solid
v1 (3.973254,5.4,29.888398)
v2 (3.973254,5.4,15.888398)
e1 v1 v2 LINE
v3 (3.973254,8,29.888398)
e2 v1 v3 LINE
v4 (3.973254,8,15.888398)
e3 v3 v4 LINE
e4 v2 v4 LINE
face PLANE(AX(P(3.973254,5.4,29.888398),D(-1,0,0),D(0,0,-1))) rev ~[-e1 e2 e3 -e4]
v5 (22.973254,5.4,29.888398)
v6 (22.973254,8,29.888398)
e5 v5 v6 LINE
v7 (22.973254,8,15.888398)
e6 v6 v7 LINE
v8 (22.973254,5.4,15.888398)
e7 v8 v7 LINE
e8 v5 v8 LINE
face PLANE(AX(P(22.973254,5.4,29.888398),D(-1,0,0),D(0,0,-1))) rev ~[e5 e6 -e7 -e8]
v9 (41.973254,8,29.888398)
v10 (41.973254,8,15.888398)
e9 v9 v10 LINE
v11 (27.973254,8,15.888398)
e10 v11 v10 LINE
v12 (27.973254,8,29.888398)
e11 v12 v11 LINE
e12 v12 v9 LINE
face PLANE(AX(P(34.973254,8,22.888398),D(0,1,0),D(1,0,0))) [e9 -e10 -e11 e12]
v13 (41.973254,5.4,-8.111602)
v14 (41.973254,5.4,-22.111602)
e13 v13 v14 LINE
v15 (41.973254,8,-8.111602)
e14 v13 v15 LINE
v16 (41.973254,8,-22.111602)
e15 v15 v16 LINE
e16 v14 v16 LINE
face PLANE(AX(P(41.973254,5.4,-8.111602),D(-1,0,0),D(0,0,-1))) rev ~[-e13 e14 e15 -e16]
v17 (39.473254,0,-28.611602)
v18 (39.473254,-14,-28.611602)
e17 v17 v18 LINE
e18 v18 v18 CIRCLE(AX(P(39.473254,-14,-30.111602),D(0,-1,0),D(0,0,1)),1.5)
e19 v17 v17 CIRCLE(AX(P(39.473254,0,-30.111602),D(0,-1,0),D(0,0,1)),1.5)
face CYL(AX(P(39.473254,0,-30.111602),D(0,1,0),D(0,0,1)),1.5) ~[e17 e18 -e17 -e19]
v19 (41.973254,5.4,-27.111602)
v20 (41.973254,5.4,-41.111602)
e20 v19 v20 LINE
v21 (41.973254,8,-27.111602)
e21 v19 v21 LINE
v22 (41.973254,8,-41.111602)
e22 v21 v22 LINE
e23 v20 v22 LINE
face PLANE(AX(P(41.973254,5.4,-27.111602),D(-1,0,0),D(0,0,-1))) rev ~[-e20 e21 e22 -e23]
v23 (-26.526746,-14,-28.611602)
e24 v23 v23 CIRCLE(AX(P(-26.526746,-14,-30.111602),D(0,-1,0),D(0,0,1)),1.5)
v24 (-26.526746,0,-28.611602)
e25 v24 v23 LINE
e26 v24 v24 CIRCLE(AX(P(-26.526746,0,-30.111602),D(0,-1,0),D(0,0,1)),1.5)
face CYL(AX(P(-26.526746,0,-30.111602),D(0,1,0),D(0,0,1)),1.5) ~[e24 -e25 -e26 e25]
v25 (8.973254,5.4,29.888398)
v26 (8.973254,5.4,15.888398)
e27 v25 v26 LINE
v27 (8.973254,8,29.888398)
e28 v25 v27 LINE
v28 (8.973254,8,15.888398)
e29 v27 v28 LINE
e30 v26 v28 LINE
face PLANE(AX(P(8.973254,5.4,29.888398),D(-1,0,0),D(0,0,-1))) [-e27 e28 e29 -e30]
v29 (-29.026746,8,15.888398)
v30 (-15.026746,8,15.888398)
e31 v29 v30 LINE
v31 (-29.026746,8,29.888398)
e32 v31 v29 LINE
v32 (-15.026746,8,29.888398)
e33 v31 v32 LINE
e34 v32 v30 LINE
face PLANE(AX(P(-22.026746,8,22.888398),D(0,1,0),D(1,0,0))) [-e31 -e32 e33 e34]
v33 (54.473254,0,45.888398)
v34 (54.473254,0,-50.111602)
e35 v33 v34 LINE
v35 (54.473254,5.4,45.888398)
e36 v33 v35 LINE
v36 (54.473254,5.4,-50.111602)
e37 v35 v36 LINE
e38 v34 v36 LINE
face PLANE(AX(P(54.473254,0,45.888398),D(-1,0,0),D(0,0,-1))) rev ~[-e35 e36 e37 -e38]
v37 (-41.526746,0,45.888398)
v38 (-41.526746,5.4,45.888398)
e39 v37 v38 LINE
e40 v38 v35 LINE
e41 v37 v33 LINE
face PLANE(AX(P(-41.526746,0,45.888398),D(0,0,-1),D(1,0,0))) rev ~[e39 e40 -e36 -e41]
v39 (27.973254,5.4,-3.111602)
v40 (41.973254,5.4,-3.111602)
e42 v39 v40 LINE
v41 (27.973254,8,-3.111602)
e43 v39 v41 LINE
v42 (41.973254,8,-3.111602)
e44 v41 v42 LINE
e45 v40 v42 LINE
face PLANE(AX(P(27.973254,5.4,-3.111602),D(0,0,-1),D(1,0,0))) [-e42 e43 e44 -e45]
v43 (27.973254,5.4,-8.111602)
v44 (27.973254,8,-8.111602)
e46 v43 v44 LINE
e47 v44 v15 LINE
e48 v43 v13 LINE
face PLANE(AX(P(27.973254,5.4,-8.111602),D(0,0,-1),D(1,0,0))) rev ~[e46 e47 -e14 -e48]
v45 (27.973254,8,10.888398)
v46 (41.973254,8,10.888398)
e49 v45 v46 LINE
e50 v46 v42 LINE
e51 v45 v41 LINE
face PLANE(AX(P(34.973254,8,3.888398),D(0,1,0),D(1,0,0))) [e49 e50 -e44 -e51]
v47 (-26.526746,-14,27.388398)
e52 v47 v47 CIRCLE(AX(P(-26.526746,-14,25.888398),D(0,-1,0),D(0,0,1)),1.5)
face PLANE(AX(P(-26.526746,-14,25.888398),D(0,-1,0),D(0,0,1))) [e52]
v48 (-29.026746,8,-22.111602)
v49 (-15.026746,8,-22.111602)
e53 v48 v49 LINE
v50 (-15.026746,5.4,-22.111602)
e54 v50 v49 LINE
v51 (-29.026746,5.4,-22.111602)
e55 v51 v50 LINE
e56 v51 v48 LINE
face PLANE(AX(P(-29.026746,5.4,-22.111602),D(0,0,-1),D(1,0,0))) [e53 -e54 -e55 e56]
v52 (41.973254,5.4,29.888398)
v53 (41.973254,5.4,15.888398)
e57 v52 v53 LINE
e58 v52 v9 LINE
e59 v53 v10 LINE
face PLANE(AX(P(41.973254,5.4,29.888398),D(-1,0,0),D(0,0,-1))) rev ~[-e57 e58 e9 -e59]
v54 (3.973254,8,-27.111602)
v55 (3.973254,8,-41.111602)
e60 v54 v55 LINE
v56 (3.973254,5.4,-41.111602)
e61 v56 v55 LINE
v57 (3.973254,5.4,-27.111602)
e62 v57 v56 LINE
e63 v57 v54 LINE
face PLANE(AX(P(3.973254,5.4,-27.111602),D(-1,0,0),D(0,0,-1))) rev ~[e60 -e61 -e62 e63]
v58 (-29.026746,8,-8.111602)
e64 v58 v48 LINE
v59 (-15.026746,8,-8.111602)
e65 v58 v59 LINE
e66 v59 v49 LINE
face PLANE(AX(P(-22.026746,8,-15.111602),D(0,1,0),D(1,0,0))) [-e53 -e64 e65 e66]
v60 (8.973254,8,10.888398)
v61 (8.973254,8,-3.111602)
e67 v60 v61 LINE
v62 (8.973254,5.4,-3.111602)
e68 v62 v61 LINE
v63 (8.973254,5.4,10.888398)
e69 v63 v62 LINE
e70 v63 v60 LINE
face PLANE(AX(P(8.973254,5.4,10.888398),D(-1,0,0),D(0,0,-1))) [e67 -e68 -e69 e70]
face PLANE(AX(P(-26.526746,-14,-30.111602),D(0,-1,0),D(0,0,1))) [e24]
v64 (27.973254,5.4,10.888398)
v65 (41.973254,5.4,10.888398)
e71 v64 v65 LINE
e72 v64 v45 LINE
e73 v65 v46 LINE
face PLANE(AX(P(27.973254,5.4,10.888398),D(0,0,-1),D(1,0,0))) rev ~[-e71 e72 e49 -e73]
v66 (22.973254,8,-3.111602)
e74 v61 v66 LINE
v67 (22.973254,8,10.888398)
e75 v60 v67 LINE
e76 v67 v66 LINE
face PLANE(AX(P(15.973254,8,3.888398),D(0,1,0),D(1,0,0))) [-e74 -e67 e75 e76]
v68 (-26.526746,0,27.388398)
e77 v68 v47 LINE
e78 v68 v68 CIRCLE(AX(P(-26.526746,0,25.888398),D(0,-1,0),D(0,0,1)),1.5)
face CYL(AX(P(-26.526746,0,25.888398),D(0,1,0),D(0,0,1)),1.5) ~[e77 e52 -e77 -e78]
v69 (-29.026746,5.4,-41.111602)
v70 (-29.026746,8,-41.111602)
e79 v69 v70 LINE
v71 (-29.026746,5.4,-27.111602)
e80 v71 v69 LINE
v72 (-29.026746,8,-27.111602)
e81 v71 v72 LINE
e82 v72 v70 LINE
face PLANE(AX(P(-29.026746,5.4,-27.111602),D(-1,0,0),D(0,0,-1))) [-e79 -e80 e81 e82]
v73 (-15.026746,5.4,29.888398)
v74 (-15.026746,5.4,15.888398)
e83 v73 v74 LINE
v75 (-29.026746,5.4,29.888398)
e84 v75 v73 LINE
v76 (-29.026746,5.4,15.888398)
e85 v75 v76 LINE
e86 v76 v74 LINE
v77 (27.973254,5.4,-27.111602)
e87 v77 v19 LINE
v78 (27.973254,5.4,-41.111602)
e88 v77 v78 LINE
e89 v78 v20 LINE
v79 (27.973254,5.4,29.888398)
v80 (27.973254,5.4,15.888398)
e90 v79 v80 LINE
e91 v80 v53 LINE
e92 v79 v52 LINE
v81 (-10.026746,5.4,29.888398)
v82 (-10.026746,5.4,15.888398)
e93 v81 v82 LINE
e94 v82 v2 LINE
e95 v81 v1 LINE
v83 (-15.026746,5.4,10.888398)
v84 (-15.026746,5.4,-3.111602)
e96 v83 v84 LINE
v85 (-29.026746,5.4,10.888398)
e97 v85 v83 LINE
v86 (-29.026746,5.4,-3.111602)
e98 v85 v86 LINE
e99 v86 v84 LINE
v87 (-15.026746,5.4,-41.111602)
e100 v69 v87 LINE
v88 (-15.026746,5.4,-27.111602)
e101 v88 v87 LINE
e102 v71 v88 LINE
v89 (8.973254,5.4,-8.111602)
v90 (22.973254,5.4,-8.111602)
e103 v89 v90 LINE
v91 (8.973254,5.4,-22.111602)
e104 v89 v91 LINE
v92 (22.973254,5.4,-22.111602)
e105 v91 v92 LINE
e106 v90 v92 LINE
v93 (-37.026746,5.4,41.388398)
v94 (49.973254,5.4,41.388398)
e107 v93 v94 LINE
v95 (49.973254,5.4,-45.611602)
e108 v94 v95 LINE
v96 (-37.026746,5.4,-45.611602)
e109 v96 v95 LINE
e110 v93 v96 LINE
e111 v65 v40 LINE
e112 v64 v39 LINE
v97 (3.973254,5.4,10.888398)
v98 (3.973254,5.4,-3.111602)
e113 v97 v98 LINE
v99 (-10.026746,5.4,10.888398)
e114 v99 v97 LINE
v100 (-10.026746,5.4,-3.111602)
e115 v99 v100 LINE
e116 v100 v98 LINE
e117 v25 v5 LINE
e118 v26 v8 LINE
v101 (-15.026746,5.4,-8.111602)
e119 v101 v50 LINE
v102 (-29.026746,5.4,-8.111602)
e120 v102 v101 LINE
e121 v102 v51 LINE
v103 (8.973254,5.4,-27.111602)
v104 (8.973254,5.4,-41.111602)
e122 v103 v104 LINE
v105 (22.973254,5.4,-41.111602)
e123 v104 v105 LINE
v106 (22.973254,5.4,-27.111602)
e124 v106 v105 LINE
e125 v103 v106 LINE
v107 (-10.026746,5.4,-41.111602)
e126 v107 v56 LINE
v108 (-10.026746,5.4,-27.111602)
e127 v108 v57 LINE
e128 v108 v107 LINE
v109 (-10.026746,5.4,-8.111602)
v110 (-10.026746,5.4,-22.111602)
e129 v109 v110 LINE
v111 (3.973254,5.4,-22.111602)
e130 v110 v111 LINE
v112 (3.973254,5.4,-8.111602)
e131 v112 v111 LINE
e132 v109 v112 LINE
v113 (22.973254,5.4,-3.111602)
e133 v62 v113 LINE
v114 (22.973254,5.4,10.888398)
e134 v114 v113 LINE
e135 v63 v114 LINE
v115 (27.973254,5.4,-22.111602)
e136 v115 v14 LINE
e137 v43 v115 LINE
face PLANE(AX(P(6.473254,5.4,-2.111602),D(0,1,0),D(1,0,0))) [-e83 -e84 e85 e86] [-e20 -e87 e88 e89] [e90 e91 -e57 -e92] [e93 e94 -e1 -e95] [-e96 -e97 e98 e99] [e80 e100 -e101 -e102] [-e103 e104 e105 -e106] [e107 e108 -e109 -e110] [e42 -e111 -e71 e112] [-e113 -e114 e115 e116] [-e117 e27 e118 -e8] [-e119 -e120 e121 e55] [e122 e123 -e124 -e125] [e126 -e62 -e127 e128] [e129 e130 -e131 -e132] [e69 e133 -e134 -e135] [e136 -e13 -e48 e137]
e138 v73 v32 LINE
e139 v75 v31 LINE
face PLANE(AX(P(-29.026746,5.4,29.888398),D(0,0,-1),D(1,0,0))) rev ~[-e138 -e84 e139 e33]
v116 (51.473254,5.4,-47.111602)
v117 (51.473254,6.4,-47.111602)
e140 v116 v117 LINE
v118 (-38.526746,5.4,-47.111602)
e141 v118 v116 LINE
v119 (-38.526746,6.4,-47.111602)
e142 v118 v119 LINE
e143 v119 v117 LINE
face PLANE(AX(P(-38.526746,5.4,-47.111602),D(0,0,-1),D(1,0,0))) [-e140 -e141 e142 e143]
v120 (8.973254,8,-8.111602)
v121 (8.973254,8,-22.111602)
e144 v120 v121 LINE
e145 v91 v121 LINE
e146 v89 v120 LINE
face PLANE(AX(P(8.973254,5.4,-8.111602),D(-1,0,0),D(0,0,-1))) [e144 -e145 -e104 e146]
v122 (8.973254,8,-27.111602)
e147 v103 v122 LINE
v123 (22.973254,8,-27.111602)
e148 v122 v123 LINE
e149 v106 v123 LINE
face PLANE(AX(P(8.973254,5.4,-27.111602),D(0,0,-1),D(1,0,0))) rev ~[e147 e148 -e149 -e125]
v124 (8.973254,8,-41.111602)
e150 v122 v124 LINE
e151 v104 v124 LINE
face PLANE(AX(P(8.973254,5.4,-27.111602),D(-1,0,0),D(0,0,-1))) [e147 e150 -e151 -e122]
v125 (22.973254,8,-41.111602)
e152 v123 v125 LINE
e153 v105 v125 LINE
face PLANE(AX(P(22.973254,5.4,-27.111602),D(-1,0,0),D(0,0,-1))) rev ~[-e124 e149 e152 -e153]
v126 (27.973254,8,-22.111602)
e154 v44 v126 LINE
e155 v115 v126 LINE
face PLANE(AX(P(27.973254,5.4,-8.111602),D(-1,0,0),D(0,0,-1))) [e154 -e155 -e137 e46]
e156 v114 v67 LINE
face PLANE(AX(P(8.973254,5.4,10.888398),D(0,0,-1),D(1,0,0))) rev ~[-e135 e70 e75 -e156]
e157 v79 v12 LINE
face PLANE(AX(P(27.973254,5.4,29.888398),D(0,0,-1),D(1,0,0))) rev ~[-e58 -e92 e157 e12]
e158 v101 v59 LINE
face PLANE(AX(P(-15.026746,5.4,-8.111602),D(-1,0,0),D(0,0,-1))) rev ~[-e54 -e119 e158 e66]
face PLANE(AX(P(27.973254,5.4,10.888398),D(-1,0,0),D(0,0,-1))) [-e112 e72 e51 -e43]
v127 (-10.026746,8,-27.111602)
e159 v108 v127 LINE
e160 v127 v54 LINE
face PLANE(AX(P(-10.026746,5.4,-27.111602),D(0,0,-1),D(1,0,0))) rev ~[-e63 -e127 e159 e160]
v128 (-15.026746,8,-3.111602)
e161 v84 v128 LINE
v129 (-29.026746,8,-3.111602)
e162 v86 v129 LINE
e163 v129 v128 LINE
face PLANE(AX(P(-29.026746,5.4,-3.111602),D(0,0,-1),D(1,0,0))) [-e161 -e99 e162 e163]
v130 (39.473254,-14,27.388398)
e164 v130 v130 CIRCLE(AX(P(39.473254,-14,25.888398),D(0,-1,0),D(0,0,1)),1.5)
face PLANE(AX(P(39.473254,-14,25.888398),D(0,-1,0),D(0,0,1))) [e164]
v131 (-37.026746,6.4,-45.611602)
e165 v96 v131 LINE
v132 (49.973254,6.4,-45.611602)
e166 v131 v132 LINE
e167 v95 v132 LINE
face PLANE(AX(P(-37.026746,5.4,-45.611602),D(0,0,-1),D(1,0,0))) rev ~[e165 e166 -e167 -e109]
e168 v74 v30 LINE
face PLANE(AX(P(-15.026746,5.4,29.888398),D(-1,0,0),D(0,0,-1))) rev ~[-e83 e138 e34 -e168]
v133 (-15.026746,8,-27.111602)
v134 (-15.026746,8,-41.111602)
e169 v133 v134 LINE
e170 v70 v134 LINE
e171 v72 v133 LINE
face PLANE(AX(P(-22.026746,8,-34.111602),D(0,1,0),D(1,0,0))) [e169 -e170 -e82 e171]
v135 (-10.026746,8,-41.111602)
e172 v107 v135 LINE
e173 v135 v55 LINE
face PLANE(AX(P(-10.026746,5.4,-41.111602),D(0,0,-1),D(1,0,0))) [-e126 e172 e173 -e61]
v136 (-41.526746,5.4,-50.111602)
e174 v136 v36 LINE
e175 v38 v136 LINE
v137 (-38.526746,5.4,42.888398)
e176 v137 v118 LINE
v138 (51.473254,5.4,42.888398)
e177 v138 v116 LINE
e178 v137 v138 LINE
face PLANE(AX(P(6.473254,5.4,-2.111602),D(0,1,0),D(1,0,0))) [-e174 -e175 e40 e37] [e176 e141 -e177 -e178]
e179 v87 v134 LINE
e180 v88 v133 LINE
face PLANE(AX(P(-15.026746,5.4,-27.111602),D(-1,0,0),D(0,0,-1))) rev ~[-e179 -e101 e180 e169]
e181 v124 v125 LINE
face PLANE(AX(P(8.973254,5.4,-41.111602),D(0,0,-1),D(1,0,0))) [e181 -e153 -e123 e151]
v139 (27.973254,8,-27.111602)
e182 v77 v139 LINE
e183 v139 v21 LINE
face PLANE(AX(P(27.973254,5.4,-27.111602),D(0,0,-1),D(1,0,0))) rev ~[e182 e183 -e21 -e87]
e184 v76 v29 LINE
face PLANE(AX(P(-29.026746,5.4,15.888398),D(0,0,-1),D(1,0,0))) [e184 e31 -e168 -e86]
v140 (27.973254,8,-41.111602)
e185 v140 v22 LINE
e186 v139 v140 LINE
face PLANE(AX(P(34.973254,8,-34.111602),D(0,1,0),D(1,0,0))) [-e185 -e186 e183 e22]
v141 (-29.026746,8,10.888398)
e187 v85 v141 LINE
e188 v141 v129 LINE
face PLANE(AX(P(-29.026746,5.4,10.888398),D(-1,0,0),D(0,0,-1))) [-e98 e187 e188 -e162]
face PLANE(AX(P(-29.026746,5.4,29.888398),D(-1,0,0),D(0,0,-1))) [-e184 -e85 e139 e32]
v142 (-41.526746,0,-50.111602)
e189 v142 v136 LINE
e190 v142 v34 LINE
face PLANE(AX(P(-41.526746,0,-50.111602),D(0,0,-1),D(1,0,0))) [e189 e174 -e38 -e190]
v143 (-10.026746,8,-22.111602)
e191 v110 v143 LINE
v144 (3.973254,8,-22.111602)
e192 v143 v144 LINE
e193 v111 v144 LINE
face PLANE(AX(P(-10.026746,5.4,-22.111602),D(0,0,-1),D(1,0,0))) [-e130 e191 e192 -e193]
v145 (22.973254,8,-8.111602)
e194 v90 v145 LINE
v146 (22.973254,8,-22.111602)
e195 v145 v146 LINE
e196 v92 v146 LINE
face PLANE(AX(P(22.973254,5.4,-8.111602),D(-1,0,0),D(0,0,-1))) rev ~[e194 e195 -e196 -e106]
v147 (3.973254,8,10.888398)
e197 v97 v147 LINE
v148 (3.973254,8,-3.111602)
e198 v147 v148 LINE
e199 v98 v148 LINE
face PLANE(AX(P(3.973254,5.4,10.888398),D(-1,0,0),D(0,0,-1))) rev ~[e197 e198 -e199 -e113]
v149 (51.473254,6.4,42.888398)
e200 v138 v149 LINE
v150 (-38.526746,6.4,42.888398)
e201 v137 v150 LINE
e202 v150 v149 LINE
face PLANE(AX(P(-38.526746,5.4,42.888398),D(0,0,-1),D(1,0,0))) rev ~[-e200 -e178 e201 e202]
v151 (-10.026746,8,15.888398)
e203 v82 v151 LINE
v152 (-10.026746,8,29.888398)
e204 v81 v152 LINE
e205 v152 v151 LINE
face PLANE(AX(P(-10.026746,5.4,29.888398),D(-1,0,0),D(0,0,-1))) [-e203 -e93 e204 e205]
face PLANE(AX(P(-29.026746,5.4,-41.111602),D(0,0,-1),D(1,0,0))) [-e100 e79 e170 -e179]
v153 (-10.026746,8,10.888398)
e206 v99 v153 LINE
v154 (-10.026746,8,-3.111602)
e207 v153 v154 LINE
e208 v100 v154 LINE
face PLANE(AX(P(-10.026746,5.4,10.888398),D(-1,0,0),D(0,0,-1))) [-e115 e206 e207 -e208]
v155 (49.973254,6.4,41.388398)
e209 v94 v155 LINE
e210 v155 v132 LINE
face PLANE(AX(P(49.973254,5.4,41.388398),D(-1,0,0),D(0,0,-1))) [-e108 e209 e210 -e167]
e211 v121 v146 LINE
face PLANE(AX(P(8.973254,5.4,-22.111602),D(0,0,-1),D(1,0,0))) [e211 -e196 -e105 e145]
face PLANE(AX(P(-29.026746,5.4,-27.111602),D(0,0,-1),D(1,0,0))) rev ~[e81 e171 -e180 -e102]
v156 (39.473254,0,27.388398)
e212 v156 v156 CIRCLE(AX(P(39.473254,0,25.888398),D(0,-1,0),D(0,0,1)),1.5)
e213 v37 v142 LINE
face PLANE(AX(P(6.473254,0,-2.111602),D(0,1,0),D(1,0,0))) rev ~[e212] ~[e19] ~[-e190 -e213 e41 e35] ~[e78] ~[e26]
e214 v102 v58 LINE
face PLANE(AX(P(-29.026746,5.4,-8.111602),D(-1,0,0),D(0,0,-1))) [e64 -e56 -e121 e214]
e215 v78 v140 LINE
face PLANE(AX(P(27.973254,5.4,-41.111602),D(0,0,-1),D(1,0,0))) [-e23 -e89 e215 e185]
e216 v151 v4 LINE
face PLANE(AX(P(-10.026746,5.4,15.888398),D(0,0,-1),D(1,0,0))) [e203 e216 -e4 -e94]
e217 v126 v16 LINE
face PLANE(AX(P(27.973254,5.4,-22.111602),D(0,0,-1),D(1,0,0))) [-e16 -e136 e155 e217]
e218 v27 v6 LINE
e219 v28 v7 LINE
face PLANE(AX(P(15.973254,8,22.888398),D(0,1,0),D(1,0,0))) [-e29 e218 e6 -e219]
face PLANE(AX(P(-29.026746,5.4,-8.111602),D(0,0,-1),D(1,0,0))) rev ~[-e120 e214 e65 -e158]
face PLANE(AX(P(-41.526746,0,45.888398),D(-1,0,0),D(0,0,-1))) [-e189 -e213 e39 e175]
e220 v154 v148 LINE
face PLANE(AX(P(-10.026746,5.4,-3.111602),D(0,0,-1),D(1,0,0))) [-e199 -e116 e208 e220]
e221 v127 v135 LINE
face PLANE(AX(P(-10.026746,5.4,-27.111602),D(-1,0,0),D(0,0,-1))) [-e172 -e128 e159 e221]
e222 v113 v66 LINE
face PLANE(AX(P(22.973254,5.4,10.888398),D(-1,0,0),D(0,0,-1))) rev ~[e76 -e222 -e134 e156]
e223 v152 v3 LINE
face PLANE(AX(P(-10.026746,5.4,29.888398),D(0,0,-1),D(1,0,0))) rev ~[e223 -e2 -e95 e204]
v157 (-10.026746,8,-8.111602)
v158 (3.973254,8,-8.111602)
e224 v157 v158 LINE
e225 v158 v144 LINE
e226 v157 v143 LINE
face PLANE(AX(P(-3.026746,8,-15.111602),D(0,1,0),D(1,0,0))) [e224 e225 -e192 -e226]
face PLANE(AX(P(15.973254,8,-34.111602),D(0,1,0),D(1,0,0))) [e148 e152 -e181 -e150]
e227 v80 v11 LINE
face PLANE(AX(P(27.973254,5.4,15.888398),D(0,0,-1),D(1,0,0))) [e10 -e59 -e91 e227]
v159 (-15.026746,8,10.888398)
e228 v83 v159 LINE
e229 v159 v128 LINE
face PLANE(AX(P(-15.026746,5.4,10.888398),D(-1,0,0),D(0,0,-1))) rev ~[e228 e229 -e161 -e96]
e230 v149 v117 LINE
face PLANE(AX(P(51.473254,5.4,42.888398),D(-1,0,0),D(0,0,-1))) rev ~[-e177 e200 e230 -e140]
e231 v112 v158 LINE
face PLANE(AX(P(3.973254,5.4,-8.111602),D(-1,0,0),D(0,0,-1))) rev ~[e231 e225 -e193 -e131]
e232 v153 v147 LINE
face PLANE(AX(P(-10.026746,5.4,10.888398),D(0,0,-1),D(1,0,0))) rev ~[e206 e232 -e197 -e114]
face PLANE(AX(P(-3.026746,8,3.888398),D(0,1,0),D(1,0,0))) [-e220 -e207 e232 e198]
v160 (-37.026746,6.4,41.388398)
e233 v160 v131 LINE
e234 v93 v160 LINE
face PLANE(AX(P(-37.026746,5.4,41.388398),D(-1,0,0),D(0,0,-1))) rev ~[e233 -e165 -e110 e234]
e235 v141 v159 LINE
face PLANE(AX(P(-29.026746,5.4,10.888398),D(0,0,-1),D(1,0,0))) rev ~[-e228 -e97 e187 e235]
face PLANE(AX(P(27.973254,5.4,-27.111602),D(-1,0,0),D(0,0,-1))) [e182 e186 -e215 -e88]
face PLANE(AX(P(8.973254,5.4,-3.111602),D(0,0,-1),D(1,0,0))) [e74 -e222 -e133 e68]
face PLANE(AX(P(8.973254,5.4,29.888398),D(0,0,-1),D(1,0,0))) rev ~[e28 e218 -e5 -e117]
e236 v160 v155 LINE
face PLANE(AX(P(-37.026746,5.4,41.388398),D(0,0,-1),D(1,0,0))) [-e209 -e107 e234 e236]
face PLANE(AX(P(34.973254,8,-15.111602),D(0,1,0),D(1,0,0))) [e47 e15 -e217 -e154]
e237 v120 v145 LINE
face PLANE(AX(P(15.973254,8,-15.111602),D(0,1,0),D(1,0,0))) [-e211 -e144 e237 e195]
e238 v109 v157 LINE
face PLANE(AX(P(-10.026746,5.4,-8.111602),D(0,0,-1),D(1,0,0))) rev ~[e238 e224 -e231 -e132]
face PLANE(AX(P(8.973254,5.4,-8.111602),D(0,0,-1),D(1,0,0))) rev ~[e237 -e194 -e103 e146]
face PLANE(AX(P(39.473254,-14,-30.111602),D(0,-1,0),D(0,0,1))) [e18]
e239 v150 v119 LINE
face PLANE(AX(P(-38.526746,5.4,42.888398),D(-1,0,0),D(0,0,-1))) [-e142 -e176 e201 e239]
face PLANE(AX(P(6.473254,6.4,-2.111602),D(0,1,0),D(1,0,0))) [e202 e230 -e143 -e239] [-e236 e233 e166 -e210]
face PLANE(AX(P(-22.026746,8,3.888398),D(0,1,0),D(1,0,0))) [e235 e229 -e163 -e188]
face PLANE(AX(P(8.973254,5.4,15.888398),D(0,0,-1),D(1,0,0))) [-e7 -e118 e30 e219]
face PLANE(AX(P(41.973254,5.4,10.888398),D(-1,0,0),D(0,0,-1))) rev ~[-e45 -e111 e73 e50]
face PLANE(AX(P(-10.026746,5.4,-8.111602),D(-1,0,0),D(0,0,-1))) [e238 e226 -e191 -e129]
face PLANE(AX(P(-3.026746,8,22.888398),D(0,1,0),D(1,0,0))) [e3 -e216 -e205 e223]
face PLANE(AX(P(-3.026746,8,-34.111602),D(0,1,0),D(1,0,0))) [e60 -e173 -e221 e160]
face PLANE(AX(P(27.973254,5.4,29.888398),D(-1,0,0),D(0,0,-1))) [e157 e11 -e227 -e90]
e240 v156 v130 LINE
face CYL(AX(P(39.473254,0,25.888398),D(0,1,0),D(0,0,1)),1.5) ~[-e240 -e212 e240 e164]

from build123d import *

# Parameters (mm, degrees)
SKETCH_1_W        = 96
SKETCH_1_H        = 96
EXTRUDE_1_DEPTH   = 5.4
SKETCH_2_W        = 14
SKETCH_2_H        = 14
EXTRUDE_2_DEPTH   = 2.6
SKETCH_4_W        = 90
SKETCH_4_H        = 90
SKETCH_4_W_2      = 87
SKETCH_4_H_2      = 87
EXTRUDE_1_2_DEPTH = 1
SKETCH_5_R        = 1.5
EXTRUDE_3_DEPTH   = 14


with BuildPart() as part:
    # Эскиз1 → Extrude 1 (new body)
    with BuildSketch(Plane(origin=(0, 0, 0), x_dir=(1, 0, 0), z_dir=(0, 1, 0))):
        with Locations((6.473253846, 2.11160233)):
            Rectangle(SKETCH_1_W, SKETCH_1_H)
    extrude(amount=EXTRUDE_1_DEPTH)

    # Эскиз2 → Бобышка-Вытянуть2 (add)
    with BuildSketch(Plane(origin=(0, 5.4, 0), x_dir=(1, 0, 0), z_dir=(0, 1, 0))):
        with Locations((-3.026746154, 34.11160233)):
            Rectangle(SKETCH_2_W, SKETCH_2_H)
        with Locations((-22.026746154, 34.11160233)):
            Rectangle(SKETCH_2_W, SKETCH_2_H)
        with Locations((15.973253846, 34.11160233)):
            Rectangle(SKETCH_2_W, SKETCH_2_H)
        with Locations((34.973253846, 34.11160233)):
            Rectangle(SKETCH_2_W, SKETCH_2_H)
        with Locations((-3.026746154, 15.11160233)):
            Rectangle(SKETCH_2_W, SKETCH_2_H)
        with Locations((-22.026746154, 15.11160233)):
            Rectangle(SKETCH_2_W, SKETCH_2_H)
        with Locations((15.973253846, 15.11160233)):
            Rectangle(SKETCH_2_W, SKETCH_2_H)
        with Locations((34.973253846, 15.11160233)):
            Rectangle(SKETCH_2_W, SKETCH_2_H)
        with Locations((-3.026746154, -3.88839767)):
            Rectangle(SKETCH_2_W, SKETCH_2_H)
        with Locations((-22.026746154, -3.88839767)):
            Rectangle(SKETCH_2_W, SKETCH_2_H)
        with Locations((15.973253846, -3.88839767)):
            Rectangle(SKETCH_2_W, SKETCH_2_H)
        with Locations((34.973253846, -3.88839767)):
            Rectangle(SKETCH_2_W, SKETCH_2_H)
        with Locations((-3.026746154, -22.88839767)):
            Rectangle(SKETCH_2_W, SKETCH_2_H)
        with Locations((-22.026746154, -22.88839767)):
            Rectangle(SKETCH_2_W, SKETCH_2_H)
        with Locations((15.973253846, -22.88839767)):
            Rectangle(SKETCH_2_W, SKETCH_2_H)
        with Locations((34.973253846, -22.88839767)):
            Rectangle(SKETCH_2_W, SKETCH_2_H)
    extrude(amount=EXTRUDE_2_DEPTH)

    # Эскиз4 → Extrude 1 2 (add)
    with BuildSketch(Plane(origin=(0, 5.4, 0), x_dir=(1, 0, 0), z_dir=(0, 1, 0))):
        with Locations((6.473253846, 2.11160233)):
            Rectangle(SKETCH_4_W, SKETCH_4_H)
        with Locations((6.473253846, 2.11160233)):
            Rectangle(SKETCH_4_W_2, SKETCH_4_H_2, mode=Mode.SUBTRACT)
    extrude(amount=EXTRUDE_1_2_DEPTH)

    # Эскиз5 → Бобышка-Вытянуть3 (add)
    with BuildSketch(Plane.XZ):
        with Locations(Location((39.473253846, 25.88839767, 0), (0, 0, 90))):
            Circle(SKETCH_5_R)
        with Locations(Location((-26.526746154, 25.88839767, 0), (0, 0, 90))):
            Circle(SKETCH_5_R)
        with Locations(Location((-26.526746154, -30.11160233, 0), (0, 0, 90))):
            Circle(SKETCH_5_R)
        with Locations(Location((39.473253846, -30.11160233, 0), (0, 0, 90))):
            Circle(SKETCH_5_R)
    extrude(amount=EXTRUDE_3_DEPTH)


solid = part.part
